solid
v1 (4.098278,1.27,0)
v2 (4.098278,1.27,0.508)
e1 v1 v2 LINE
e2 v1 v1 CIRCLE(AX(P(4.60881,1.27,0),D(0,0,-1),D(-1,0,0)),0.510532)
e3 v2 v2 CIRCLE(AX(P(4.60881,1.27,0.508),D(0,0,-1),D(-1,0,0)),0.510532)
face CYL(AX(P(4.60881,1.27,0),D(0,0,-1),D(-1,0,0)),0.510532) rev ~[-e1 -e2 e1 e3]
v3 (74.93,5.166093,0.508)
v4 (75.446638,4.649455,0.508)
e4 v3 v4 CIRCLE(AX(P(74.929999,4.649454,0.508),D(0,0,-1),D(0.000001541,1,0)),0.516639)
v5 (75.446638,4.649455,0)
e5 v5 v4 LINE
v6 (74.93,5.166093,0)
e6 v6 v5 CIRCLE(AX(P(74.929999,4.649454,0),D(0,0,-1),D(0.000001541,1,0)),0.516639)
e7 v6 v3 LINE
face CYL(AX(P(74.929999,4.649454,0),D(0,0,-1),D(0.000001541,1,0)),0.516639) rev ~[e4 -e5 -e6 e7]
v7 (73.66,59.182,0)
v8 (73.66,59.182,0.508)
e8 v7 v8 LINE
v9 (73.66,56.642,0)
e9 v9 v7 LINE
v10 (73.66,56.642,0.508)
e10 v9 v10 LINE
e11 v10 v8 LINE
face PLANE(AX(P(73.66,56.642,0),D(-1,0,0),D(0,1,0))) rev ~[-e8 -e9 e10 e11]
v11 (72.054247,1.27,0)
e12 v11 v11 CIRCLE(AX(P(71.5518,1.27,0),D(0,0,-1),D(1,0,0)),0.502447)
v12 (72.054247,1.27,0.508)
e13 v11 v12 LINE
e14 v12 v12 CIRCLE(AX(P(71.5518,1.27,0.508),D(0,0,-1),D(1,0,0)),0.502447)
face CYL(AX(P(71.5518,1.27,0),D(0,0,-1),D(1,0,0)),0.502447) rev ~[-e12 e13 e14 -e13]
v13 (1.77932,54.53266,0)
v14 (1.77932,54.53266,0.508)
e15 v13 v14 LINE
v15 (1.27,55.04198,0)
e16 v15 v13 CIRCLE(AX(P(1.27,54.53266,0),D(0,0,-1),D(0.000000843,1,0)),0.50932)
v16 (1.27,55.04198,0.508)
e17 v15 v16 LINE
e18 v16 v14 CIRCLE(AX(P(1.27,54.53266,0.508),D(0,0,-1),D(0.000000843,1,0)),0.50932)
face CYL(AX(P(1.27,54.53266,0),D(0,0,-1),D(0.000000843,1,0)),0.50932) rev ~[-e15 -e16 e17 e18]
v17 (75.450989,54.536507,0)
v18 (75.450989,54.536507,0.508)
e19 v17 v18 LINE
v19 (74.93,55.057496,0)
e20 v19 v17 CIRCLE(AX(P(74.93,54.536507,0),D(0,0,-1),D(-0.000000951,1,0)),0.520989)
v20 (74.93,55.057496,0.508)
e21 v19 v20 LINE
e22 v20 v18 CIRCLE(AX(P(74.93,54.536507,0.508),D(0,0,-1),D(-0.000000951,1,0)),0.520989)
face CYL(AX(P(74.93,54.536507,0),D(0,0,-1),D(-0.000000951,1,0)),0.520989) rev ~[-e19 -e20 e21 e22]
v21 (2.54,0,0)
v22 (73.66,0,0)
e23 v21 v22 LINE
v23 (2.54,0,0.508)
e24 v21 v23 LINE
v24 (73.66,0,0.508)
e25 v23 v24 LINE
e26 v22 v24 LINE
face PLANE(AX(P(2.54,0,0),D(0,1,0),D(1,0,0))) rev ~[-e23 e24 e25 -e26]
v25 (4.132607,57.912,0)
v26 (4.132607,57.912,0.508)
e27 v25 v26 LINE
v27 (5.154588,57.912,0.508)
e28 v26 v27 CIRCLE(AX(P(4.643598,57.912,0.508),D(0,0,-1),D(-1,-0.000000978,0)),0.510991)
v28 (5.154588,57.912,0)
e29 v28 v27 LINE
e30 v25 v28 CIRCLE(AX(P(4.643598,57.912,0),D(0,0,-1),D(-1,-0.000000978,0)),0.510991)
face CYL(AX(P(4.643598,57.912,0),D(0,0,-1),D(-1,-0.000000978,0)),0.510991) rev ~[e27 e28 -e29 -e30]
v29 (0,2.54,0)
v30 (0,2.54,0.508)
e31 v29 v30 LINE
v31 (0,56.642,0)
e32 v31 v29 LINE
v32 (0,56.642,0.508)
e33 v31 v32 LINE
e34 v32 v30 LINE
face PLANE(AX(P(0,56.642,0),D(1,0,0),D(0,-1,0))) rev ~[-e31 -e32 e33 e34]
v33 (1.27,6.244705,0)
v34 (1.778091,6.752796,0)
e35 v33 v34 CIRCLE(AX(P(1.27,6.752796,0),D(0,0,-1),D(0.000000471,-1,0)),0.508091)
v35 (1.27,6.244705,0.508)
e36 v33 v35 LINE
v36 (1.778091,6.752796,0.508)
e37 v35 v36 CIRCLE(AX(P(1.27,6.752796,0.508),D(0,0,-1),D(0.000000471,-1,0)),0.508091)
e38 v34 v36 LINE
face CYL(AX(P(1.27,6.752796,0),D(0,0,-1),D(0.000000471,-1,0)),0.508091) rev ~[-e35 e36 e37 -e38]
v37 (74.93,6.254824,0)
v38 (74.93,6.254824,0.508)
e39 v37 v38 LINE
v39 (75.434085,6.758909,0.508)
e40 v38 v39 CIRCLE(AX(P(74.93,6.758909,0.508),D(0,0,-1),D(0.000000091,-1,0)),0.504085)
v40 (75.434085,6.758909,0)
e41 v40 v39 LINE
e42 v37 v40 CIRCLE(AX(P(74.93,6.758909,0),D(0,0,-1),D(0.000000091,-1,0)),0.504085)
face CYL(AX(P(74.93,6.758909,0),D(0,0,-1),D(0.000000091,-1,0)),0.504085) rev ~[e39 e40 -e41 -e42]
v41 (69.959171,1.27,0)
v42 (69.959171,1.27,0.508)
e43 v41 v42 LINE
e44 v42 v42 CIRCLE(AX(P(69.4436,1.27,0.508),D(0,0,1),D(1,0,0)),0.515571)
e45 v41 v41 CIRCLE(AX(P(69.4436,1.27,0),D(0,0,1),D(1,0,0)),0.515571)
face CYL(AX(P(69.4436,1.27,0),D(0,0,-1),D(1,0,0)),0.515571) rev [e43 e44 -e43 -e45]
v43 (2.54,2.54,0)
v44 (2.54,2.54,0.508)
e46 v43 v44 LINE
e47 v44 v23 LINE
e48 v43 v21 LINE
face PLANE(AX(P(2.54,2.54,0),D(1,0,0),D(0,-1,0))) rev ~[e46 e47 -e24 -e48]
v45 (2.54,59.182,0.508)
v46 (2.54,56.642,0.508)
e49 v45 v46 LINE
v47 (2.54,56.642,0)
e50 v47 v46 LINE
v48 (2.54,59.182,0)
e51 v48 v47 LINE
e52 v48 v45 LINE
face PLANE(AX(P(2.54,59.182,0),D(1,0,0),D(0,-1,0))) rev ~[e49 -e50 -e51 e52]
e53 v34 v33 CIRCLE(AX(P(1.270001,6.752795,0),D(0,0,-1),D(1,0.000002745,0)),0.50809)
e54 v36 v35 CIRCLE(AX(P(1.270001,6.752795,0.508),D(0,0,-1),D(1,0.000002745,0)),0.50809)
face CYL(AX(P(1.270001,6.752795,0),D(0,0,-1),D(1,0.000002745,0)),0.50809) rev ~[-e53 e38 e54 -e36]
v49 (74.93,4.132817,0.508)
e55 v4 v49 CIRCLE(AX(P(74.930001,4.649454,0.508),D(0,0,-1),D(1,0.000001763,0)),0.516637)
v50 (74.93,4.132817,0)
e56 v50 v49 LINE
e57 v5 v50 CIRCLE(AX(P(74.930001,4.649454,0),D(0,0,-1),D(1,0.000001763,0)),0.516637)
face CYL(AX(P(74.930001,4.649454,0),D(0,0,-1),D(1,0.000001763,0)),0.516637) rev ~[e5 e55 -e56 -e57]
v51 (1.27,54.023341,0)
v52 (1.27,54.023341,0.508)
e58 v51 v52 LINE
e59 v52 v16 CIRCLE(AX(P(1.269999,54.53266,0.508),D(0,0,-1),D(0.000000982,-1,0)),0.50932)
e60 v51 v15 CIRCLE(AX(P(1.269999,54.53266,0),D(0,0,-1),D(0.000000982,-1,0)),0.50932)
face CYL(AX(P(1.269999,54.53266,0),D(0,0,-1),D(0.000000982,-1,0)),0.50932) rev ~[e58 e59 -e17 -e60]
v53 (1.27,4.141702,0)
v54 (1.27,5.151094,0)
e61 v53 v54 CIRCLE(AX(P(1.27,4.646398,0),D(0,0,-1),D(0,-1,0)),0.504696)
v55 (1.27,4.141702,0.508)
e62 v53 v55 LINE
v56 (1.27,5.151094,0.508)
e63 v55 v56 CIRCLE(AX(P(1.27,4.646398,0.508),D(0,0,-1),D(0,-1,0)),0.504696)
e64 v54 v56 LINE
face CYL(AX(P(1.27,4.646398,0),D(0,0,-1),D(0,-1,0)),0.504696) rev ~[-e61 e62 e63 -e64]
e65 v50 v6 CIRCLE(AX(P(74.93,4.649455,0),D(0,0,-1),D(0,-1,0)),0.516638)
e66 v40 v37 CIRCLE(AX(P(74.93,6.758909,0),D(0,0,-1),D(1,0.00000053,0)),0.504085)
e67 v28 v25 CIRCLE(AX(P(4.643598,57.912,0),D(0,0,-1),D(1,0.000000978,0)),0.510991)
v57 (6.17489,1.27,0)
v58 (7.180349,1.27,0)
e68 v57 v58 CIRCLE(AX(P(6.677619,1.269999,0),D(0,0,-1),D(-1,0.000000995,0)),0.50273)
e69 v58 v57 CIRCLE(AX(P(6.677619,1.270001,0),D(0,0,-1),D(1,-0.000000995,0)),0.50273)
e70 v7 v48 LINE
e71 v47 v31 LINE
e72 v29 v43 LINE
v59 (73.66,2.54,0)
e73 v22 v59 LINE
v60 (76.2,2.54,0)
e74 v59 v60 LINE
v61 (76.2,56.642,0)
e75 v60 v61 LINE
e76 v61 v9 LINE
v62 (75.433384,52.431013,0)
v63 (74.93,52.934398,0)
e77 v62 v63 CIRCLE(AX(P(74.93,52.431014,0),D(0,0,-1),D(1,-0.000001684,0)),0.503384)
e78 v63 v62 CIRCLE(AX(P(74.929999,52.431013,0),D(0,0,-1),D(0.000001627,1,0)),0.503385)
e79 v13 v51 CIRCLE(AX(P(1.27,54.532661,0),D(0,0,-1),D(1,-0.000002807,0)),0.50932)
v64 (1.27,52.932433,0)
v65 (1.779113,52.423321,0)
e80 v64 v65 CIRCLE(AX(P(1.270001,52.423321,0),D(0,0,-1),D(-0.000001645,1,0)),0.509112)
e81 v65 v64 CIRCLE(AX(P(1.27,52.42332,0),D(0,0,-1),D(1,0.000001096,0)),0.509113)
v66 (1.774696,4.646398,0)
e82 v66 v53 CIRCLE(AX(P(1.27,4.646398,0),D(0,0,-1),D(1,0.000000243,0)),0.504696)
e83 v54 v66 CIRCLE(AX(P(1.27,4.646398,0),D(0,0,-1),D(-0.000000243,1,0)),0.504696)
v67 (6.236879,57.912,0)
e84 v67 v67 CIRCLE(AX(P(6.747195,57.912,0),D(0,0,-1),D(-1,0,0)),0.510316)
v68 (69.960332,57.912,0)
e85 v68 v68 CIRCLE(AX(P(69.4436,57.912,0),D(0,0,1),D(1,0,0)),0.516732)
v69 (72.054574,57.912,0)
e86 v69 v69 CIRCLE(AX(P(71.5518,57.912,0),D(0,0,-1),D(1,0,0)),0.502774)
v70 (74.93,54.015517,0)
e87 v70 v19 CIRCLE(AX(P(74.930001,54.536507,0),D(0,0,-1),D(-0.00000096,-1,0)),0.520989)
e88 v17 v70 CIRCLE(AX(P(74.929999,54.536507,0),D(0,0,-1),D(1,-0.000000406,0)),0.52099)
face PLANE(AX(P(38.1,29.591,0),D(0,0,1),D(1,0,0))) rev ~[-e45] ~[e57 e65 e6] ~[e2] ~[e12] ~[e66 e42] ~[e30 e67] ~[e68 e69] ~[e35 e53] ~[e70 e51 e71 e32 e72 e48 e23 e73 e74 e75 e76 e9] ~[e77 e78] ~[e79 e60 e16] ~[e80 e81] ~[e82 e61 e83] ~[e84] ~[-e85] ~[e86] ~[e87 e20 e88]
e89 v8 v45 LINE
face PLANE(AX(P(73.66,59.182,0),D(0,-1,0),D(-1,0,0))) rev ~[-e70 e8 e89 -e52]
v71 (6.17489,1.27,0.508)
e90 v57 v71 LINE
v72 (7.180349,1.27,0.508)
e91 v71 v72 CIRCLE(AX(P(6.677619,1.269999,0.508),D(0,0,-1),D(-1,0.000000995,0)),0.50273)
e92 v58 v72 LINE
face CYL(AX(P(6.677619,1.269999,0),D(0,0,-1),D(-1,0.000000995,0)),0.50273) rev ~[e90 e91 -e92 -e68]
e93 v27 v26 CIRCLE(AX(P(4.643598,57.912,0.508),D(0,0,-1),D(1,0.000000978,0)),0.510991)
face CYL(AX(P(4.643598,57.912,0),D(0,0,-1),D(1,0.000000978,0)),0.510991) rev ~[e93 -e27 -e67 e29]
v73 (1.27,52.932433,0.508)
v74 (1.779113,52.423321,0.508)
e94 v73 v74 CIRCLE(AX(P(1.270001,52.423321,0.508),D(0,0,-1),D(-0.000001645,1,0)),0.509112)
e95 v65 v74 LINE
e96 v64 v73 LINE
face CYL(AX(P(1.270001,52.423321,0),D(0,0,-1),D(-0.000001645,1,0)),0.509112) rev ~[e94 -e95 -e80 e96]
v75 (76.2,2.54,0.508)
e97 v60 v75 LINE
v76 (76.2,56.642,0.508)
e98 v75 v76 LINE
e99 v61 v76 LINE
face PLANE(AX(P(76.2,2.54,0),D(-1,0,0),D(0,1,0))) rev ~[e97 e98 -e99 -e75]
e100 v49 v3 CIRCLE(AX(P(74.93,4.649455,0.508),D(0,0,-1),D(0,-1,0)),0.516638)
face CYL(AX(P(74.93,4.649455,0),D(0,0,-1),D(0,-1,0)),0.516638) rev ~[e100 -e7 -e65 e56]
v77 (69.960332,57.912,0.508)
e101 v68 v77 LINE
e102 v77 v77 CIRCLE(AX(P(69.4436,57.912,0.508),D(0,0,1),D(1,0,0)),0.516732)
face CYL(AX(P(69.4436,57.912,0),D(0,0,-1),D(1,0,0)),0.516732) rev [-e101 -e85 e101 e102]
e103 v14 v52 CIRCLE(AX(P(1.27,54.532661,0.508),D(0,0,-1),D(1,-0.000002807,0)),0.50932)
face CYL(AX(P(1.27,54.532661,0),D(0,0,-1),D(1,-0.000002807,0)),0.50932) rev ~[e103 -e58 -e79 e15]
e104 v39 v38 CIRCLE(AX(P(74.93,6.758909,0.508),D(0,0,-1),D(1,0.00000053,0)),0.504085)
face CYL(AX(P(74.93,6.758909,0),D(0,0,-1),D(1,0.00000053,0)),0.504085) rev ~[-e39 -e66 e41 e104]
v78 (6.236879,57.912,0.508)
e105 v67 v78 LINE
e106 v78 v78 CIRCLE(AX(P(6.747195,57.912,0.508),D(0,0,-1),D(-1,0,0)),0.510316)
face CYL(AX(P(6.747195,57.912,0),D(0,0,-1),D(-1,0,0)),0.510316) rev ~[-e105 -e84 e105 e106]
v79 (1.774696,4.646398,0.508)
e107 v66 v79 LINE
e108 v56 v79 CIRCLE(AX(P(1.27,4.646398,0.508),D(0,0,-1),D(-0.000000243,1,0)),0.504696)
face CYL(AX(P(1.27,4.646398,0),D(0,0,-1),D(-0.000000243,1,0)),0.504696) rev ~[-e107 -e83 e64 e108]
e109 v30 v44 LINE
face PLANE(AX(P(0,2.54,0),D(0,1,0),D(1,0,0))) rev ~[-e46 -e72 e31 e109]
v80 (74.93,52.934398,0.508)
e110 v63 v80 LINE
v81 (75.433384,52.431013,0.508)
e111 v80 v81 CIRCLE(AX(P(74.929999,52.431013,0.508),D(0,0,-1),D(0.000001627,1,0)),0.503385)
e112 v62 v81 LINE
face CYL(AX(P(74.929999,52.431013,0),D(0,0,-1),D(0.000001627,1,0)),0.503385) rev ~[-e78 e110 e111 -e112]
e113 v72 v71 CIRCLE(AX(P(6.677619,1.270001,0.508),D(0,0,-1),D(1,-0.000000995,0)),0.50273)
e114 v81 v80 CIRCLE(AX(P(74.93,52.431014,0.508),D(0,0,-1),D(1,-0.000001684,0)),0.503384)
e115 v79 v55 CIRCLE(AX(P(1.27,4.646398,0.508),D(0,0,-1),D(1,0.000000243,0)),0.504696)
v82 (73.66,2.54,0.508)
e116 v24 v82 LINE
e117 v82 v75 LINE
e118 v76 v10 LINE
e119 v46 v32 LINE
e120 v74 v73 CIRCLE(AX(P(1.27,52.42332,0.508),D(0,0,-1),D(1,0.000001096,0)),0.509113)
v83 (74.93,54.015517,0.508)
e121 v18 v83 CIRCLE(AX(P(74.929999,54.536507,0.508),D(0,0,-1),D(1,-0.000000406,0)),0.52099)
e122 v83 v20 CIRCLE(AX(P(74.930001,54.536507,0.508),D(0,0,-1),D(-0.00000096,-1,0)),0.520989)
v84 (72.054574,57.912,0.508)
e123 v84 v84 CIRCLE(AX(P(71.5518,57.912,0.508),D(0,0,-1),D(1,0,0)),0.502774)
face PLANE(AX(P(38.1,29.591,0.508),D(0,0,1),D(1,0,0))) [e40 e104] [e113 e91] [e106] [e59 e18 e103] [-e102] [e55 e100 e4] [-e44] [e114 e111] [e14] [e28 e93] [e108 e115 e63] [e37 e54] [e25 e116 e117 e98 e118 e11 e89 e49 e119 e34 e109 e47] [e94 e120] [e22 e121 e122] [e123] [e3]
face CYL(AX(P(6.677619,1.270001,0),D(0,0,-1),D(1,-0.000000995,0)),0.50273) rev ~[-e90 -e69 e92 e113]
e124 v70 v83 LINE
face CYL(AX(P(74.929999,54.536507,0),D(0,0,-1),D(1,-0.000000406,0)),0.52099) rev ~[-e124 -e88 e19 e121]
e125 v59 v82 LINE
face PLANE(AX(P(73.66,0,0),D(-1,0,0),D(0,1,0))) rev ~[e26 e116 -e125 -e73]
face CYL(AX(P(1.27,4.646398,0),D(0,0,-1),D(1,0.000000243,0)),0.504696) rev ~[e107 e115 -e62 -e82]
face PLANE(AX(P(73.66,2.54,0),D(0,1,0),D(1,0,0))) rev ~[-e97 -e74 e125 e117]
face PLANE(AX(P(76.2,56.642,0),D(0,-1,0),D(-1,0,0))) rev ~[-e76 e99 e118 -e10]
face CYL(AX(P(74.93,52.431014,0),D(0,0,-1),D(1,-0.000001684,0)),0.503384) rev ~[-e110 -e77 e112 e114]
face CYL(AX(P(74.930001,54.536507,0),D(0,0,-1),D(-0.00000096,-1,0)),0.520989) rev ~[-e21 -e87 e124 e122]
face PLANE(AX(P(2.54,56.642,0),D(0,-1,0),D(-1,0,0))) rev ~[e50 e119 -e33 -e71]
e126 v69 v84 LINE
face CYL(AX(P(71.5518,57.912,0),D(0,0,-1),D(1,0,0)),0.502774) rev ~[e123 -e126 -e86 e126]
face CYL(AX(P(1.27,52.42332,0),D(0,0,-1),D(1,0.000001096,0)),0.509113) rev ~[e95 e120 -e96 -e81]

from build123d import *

# Parameters (mm, degrees)
F0_R     = 0.515571
F0_R_2   = 0.516732
F1_DEPTH = 0.508


with BuildPart() as f1:
    # F0 (on Top) → F1 (new body)
    with BuildSketch(Plane.XY):
        Polygon((2.54, 1.27), (2.54, 0), (73.66, 0), (73.66, 1.27), (73.66, 2.54), (74.93, 2.54), (76.2, 2.54), (76.2, 56.642), (74.93, 56.642), (73.66, 56.642), (73.66, 57.912), (73.66, 59.182), (2.54, 59.182), (2.54, 57.912), (2.54, 56.642), (1.27, 56.642), (0, 56.642), (0, 2.54), (1.27, 2.54), (2.54, 2.54), align=None)
        with BuildLine():
            ThreePointArc((5.119342, 1.27), (4.60881, 0.759468), (4.098278, 1.27))
            ThreePointArc((4.098278, 1.27), (4.60881, 1.780532), (5.119342, 1.27))
        make_face(mode=Mode.SUBTRACT)
        with BuildLine():
            ThreePointArc((7.180349, 1.27), (6.67762, 0.767271), (6.17489, 1.27))
            ThreePointArc((6.17489, 1.27), (6.67762, 1.772729), (7.180349, 1.27))
        make_face(mode=Mode.SUBTRACT)
        with BuildLine():
            ThreePointArc((1.774696, 4.646398), (1.626874, 4.289524), (1.27, 4.141702))
            ThreePointArc((1.27, 4.141702), (0.765304, 4.646398), (1.27, 5.151094))
            ThreePointArc((1.27, 5.151094), (1.626874, 5.003272), (1.774696, 4.646398))
        make_face(mode=Mode.SUBTRACT)
        with BuildLine():
            ThreePointArc((1.778091, 6.752796), (1.629275, 6.393521), (1.27, 6.244705))
            ThreePointArc((1.27, 6.244705), (0.910725, 7.112071), (1.778091, 6.752796))
        make_face(mode=Mode.SUBTRACT)
        with Locations((69.4436, 1.27)):
            Circle(F0_R, mode=Mode.SUBTRACT)
        with BuildLine():
            ThreePointArc((71.049353, 1.27), (71.5518, 1.772447), (72.054247, 1.27))
            ThreePointArc((72.054247, 1.27), (71.5518, 0.767553), (71.049353, 1.27))
        make_face(mode=Mode.SUBTRACT)
        with BuildLine():
            ThreePointArc((75.446638, 4.649455), (75.295318, 4.284136), (74.93, 4.132817))
            ThreePointArc((74.93, 4.132817), (74.413362, 4.649455), (74.93, 5.166093))
            ThreePointArc((74.93, 5.166093), (75.295318, 5.014773), (75.446638, 4.649455))
        make_face(mode=Mode.SUBTRACT)
        with BuildLine():
            ThreePointArc((75.434085, 6.758909), (75.286442, 6.402467), (74.93, 6.254824))
            ThreePointArc((74.93, 6.254824), (74.573558, 7.115351), (75.434085, 6.758909))
        make_face(mode=Mode.SUBTRACT)
        with BuildLine():
            ThreePointArc((1.779113, 52.423321), (0.910003, 52.063324), (1.27, 52.932433))
            ThreePointArc((1.27, 52.932433), (1.629997, 52.783318), (1.779113, 52.423321))
        make_face(mode=Mode.SUBTRACT)
        with BuildLine():
            ThreePointArc((1.27, 54.023341), (0.76068, 54.53266), (1.27, 55.04198))
            ThreePointArc((1.27, 55.04198), (1.630143, 54.892804), (1.77932, 54.53266))
            ThreePointArc((1.77932, 54.53266), (1.630143, 54.172517), (1.27, 54.023341))
        make_face(mode=Mode.SUBTRACT)
        with BuildLine():
            ThreePointArc((5.154588, 57.912), (4.643598, 57.401009), (4.132607, 57.912))
            ThreePointArc((4.132607, 57.912), (4.643598, 58.422991), (5.154588, 57.912))
        make_face(mode=Mode.SUBTRACT)
        with BuildLine():
            ThreePointArc((7.257511, 57.912), (6.747195, 57.401684), (6.236879, 57.912))
            ThreePointArc((6.236879, 57.912), (6.747195, 58.422316), (7.257511, 57.912))
        make_face(mode=Mode.SUBTRACT)
        with BuildLine():
            ThreePointArc((75.433384, 52.431013), (74.574054, 52.075067), (74.93, 52.934398))
            ThreePointArc((74.93, 52.934398), (75.285946, 52.78696), (75.433384, 52.431013))
        make_face(mode=Mode.SUBTRACT)
        with BuildLine():
            ThreePointArc((74.93, 54.015517), (74.409011, 54.536507), (74.93, 55.057496))
            ThreePointArc((74.93, 55.057496), (75.298395, 54.904902), (75.450989, 54.536507))
            ThreePointArc((75.450989, 54.536507), (75.298395, 54.168112), (74.93, 54.015517))
        make_face(mode=Mode.SUBTRACT)
        with Locations((69.4436, 57.912)):
            Circle(F0_R_2, mode=Mode.SUBTRACT)
        with BuildLine():
            ThreePointArc((71.049026, 57.912), (71.5518, 58.414774), (72.054574, 57.912))
            ThreePointArc((72.054574, 57.912), (71.5518, 57.409226), (71.049026, 57.912))
        make_face(mode=Mode.SUBTRACT)
    extrude(amount=F1_DEPTH)


solid = f1.part
